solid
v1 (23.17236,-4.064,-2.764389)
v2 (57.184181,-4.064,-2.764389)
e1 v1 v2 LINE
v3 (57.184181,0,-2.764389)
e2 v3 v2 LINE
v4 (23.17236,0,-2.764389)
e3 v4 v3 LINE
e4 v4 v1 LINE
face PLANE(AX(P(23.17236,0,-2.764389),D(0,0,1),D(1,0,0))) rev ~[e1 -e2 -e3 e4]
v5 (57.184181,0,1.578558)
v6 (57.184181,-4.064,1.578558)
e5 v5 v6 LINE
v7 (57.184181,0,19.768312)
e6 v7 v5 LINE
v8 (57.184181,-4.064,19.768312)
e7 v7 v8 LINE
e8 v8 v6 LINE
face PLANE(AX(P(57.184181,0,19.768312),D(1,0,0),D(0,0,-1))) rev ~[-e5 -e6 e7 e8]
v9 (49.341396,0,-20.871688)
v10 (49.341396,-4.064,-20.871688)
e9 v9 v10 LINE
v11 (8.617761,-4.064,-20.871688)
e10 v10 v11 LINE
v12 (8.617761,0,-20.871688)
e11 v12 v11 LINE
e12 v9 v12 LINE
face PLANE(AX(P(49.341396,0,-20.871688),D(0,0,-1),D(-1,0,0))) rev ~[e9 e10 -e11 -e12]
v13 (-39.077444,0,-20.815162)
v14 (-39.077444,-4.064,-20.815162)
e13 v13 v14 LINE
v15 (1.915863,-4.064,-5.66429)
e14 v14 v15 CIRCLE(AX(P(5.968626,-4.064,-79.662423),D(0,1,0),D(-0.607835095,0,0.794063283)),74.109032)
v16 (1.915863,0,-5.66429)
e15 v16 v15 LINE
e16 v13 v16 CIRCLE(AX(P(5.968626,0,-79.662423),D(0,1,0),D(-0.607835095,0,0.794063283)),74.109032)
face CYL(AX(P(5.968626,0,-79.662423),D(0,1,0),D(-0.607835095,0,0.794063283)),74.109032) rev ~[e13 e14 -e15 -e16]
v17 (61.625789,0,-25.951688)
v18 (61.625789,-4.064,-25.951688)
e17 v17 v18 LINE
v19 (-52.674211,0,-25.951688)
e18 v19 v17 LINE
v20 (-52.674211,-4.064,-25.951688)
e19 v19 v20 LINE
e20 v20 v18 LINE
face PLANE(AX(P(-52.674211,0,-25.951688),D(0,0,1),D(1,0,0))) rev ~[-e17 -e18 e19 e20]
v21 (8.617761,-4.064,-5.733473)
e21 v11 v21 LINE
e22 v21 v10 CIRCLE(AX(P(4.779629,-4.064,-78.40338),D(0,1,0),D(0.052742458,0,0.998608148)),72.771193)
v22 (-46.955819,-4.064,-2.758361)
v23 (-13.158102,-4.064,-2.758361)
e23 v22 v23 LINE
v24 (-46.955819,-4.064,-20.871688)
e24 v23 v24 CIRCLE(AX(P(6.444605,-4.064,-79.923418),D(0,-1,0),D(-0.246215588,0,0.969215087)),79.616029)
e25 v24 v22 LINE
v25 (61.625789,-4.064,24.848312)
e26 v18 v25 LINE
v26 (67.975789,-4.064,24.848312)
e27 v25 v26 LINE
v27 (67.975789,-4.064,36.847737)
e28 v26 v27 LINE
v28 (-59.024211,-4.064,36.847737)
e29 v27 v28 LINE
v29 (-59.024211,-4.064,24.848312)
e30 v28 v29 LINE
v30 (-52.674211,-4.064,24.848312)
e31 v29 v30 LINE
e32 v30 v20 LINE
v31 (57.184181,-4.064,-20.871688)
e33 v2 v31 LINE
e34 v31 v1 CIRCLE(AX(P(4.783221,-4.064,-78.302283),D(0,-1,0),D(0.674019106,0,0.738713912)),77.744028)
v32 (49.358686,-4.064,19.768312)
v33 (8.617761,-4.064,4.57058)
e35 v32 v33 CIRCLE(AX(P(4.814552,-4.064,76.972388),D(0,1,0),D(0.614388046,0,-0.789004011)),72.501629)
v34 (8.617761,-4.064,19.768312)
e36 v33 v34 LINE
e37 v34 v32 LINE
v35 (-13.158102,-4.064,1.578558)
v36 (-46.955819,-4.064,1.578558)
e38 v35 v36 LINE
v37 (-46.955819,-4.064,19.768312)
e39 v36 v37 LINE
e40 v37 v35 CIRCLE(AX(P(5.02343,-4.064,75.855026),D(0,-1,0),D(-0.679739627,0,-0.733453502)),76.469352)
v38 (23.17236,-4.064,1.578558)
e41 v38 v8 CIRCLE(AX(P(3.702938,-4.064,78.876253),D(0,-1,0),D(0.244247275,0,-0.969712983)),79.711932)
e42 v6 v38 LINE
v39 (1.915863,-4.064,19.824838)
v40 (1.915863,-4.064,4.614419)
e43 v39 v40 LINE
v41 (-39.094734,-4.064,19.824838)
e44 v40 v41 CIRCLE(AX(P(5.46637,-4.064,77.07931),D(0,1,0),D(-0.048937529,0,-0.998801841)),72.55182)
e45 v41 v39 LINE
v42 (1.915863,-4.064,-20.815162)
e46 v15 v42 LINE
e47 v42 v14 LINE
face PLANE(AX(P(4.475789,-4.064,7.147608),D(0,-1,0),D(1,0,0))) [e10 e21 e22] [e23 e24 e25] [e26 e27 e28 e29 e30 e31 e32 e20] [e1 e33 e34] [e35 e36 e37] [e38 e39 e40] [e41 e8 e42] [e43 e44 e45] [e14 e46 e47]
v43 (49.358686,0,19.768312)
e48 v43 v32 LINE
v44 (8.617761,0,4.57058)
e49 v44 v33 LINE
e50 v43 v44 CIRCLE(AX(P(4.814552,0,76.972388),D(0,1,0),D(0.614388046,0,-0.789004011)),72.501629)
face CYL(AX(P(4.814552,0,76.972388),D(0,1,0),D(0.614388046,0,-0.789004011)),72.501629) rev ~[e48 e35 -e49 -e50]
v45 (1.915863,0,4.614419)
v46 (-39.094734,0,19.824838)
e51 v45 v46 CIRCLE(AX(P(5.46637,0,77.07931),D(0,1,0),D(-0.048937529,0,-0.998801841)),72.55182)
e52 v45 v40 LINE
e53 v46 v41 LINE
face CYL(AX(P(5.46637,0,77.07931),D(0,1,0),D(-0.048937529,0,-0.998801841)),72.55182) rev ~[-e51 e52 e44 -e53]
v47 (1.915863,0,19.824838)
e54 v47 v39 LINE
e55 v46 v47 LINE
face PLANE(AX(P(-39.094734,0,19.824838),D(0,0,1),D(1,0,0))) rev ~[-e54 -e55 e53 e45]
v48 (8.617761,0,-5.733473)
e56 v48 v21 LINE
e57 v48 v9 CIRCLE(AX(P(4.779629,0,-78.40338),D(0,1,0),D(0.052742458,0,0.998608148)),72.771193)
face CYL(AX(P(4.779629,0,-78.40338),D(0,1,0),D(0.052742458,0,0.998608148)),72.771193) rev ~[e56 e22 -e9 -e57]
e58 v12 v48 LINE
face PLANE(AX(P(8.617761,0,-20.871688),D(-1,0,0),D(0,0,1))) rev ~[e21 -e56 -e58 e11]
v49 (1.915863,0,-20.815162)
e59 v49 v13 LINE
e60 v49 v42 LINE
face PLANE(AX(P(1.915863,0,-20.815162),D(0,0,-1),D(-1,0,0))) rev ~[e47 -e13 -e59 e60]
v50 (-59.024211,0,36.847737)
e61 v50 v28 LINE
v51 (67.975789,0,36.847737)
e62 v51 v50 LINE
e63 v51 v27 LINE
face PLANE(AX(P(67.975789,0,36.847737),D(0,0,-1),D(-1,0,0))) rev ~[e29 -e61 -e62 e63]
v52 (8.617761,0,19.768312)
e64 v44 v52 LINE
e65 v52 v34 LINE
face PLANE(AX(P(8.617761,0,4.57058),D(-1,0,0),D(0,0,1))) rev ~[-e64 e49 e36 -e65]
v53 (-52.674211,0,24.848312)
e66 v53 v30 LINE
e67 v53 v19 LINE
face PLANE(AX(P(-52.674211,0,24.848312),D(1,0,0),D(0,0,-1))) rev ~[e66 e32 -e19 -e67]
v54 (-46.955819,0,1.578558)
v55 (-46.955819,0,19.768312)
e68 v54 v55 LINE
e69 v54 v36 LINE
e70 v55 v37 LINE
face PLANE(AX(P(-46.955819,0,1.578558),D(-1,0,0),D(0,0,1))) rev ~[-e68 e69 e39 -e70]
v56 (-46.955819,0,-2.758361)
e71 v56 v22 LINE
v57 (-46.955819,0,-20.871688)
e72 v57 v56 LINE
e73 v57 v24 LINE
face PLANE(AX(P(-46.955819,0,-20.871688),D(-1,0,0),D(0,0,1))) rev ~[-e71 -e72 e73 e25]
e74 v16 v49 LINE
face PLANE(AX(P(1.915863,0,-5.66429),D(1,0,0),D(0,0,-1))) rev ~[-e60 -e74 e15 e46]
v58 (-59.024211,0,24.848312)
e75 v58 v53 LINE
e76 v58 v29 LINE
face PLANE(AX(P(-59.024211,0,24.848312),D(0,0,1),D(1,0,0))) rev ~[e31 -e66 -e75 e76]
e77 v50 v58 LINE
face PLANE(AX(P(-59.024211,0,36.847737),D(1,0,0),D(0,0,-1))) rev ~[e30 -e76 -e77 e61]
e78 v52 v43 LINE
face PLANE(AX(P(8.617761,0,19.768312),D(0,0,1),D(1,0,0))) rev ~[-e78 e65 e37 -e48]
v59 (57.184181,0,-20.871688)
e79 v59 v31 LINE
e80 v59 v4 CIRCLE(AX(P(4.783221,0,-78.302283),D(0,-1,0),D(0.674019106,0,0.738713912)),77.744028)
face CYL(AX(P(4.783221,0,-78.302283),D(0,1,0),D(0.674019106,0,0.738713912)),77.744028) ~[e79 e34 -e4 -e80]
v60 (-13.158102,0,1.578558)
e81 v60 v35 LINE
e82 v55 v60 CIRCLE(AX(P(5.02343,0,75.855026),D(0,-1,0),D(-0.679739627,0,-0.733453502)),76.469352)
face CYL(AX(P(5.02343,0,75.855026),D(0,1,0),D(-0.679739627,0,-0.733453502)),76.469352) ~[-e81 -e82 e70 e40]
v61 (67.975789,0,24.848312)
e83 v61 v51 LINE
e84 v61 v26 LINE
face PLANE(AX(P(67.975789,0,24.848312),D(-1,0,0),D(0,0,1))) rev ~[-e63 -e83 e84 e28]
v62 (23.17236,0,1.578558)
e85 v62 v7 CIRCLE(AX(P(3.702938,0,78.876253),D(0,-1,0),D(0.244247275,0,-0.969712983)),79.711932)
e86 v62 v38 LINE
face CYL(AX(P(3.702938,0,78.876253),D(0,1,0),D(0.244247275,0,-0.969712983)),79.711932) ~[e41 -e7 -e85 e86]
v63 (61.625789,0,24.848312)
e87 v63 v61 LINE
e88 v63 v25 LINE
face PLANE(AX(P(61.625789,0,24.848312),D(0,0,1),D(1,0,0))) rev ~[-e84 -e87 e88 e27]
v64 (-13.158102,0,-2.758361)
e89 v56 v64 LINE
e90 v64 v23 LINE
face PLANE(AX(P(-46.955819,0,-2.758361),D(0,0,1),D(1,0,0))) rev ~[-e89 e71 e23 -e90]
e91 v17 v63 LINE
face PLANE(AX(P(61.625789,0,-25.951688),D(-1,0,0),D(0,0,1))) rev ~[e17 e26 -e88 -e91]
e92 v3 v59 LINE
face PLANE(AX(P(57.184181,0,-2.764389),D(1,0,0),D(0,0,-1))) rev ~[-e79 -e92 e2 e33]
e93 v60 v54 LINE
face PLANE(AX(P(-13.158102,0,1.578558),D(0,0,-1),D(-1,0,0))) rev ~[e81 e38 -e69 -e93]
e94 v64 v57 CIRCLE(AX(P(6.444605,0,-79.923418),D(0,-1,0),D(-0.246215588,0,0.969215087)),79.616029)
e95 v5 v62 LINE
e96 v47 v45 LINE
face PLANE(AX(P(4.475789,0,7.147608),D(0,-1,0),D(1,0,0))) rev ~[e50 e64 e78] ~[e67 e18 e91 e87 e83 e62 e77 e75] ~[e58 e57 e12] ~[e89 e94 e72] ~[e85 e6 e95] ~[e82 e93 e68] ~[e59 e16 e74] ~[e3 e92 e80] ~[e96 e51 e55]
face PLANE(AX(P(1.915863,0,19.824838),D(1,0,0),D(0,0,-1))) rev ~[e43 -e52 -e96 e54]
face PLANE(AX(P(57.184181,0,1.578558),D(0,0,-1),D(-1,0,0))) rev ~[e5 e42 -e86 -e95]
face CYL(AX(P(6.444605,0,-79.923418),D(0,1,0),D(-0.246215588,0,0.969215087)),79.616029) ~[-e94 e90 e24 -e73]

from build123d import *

# Parameters (mm, degrees)
F1_DEPTH = 4.064


with BuildPart() as f1:
    # F0 (on Front) → F1 (new body)
    with BuildSketch(Plane.XZ):
        Polygon((-52.674211, 24.848312), (-52.674211, -25.951688), (61.625789, -25.951688), (61.625789, 24.848312), (67.975789, 24.848312), (67.975789, 36.847737), (-59.024211, 36.847737), (-59.024211, 24.848312), align=None)
        with BuildLine():
            Line((-46.955819, -2.758361), (-13.158102, -2.758361))
            ThreePointArc((-13.158102, -2.758361), (-31.163737, -9.749885), (-46.955819, -20.871688))
            Line((-46.955819, -20.871688), (-46.955819, -2.758361))
        make_face(mode=Mode.SUBTRACT)
        with BuildLine():
            ThreePointArc((-39.077444, -20.815162), (-19.723028, -10.149205), (1.915863, -5.66429))
            Line((1.915863, -5.66429), (1.915863, -20.815162))
            Line((1.915863, -20.815162), (-39.077444, -20.815162))
        make_face(mode=Mode.SUBTRACT)
        with BuildLine():
            Line((8.617761, -20.871688), (8.617761, -5.733473))
            ThreePointArc((8.617761, -5.733473), (30.135672, -10.192547), (49.341396, -20.871688))
            Line((49.341396, -20.871688), (8.617761, -20.871688))
        make_face(mode=Mode.SUBTRACT)
        with BuildLine():
            ThreePointArc((57.184181, -20.871688), (41.317836, -9.677537), (23.17236, -2.764389))
            Line((23.17236, -2.764389), (57.184181, -2.764389))
            Line((57.184181, -2.764389), (57.184181, -20.871688))
        make_face(mode=Mode.SUBTRACT)
        with BuildLine():
            ThreePointArc((-46.955819, 19.768312), (-31.216749, 8.518474), (-13.158102, 1.578558))
            Line((-13.158102, 1.578558), (-46.955819, 1.578558))
            Line((-46.955819, 1.578558), (-46.955819, 19.768312))
        make_face(mode=Mode.SUBTRACT)
        with BuildLine():
            Line((1.915863, 19.824838), (1.915863, 4.614419))
            ThreePointArc((1.915863, 4.614419), (-19.762998, 9.05545), (-39.094734, 19.824838))
            Line((-39.094734, 19.824838), (1.915863, 19.824838))
        make_face(mode=Mode.SUBTRACT)
        with BuildLine():
            Line((8.617761, 4.57058), (8.617761, 19.768312))
            Line((8.617761, 19.768312), (49.358686, 19.768312))
            ThreePointArc((49.358686, 19.768312), (30.154425, 9.043182), (8.617761, 4.57058))
        make_face(mode=Mode.SUBTRACT)
        with BuildLine():
            Line((57.184181, 1.578558), (23.17236, 1.578558))
            ThreePointArc((23.17236, 1.578558), (41.295047, 8.585248), (57.184181, 19.768312))
            Line((57.184181, 19.768312), (57.184181, 1.578558))
        make_face(mode=Mode.SUBTRACT)
    extrude(amount=F1_DEPTH)


solid = f1.part
